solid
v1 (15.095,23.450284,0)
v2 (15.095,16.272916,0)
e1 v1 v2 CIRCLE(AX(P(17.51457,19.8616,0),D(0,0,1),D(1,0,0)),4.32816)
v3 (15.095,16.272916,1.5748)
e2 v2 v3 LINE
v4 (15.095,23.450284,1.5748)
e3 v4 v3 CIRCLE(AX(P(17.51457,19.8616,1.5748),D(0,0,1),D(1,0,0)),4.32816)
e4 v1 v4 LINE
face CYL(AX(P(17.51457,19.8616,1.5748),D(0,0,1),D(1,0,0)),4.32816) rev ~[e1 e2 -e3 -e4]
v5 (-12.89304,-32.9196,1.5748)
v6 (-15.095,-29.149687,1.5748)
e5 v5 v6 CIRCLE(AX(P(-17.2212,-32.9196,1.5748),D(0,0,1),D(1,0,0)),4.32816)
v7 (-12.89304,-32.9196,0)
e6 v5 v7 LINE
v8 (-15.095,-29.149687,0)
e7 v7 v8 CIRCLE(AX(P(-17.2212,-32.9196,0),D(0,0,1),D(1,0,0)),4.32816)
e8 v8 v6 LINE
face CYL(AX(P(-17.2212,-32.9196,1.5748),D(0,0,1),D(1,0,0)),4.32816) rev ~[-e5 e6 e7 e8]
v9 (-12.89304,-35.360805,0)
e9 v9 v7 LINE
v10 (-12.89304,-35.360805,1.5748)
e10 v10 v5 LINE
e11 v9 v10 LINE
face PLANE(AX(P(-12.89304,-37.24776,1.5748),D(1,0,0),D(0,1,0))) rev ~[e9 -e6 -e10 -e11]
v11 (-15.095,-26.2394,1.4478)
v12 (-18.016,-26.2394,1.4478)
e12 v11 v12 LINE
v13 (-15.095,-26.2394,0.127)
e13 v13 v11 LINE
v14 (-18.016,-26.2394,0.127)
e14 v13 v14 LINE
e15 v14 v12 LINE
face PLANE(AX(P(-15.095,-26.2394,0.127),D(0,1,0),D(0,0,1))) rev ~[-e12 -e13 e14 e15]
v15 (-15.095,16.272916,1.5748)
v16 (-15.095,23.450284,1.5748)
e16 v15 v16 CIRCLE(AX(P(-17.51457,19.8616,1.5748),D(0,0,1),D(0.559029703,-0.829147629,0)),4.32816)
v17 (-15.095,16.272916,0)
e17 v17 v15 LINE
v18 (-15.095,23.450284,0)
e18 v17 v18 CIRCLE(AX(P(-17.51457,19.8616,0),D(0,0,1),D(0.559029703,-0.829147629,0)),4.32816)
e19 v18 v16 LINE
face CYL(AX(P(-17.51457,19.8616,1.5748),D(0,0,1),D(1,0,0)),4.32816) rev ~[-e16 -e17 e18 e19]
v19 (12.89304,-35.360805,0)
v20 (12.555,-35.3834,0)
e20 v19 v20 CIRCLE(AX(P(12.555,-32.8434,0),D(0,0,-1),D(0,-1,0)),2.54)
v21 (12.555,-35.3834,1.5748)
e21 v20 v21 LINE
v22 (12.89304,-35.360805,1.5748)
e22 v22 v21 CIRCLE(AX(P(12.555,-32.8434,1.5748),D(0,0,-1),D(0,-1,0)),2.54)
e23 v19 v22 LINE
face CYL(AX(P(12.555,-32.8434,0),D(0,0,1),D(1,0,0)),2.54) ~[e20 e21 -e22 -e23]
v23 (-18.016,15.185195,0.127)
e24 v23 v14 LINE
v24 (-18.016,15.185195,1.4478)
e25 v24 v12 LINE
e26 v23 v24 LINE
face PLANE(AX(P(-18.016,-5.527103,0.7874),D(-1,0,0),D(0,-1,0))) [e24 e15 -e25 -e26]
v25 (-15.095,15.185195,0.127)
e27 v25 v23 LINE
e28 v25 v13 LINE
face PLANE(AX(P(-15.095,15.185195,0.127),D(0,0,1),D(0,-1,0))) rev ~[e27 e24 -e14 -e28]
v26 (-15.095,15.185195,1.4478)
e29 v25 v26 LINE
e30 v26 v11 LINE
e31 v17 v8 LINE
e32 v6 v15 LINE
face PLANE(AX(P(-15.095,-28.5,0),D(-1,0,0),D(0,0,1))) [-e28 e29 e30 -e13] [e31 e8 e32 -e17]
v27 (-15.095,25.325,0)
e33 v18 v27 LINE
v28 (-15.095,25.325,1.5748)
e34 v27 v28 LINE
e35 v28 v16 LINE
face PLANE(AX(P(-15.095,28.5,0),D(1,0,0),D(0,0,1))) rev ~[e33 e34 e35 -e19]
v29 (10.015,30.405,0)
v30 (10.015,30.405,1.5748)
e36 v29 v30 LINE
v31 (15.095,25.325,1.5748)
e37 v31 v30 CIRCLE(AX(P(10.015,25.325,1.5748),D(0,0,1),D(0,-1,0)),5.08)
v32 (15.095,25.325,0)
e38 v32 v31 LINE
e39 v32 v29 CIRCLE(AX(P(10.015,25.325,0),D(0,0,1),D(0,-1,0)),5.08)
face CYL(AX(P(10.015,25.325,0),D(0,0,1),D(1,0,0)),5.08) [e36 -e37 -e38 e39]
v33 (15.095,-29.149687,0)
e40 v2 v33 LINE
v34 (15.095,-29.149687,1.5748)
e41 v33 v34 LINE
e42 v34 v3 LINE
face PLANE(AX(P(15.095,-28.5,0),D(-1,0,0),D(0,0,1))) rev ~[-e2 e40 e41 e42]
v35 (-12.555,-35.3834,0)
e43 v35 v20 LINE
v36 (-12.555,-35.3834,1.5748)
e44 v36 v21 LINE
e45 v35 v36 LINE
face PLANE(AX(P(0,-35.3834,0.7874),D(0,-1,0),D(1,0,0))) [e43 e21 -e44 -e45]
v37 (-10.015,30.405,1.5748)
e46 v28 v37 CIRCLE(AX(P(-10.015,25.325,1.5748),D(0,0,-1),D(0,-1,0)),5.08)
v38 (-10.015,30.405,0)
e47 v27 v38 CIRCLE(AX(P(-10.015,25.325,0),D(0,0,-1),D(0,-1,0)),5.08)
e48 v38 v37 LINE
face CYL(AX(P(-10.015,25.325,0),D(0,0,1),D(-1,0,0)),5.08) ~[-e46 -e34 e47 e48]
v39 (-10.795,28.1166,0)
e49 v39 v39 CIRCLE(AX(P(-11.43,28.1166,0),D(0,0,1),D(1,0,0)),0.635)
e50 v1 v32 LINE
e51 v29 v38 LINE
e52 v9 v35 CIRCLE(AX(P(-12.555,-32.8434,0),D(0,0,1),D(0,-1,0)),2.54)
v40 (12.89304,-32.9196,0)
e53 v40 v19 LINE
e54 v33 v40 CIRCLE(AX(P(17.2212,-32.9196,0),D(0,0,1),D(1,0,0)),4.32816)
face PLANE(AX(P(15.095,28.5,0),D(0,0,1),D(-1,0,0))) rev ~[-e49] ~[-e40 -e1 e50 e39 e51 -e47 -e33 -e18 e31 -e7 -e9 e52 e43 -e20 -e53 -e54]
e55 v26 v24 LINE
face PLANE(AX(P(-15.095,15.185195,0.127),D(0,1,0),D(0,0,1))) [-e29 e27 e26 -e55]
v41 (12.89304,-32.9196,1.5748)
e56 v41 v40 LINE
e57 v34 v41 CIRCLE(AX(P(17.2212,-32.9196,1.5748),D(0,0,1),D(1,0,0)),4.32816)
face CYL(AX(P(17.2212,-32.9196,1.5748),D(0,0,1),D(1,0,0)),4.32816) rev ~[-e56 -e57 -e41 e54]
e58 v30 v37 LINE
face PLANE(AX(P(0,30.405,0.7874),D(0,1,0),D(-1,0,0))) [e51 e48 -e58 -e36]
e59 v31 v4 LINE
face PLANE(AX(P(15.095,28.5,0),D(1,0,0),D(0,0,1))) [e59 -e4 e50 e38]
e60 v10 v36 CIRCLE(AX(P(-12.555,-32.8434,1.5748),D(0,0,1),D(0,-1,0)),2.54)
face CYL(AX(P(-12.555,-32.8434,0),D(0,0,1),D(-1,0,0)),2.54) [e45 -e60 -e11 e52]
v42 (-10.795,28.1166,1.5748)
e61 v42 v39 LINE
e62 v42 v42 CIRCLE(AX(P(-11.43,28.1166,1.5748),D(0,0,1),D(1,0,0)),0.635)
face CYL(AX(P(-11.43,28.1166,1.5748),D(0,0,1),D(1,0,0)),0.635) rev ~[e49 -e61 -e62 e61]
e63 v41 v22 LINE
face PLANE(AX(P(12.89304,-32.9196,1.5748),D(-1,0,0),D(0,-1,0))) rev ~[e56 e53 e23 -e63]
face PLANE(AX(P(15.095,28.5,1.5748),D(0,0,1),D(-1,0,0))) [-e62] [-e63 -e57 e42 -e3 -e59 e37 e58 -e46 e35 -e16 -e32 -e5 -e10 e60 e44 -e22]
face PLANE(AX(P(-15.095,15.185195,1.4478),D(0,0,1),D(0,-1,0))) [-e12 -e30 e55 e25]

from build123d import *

# Parameters (mm, degrees)
F0_W      = 30.19
F0_H      = 57
F1_DEPTH  = 1.5748
F2_W      = 30.19
F2_H      = 1.5748
F3_DEPTH  = 6.8834
F4_R      = 2.54
F5_R      = 4.32816
F6_DEPTH  = 1.5758
F7_W      = 30.19
F7_H      = 1.5748
F8_DEPTH  = 1.905
F9_R      = 5.08
F10_R     = 0.635
F11_DEPTH = 25.4
F12_W     = 41.4245947965
F12_H     = 1.3208
F13_DEPTH = 2.921


with BuildPart() as f1:
    # F0 (on Top) → F1 (new body)
    with BuildSketch(Plane.XY):
        Rectangle(F0_W, F0_H)
    extrude(amount=F1_DEPTH)

    # F2 (on face) → F3 (join)
    with BuildSketch(Plane.XZ.offset(28.5)):
        with Locations((0, 0.7874)):
            Rectangle(F2_W, F2_H)
    extrude(amount=F3_DEPTH)

    # F4
    f4_edges = [f1.edges().sort_by_distance(p)[0] for p in [
        (15.095, -35.3834, 0.7874),
        (-15.095, -35.3834, 0.7874),
    ]]
    fillet(f4_edges, radius=F4_R)

    # F5 (on face) → F6 (cut, through all)
    with BuildSketch(Plane.XY.offset(1.5748)):
        with Locations((-17.51457, 19.8616)):
            Circle(F5_R)
        with Locations((17.51457, 19.8616)):
            Circle(F5_R)
        with BuildLine():
            Line((-17.2212, -32.9196), (-12.89304, -32.9196))
            ThreePointArc((-12.89304, -32.9196), (-20.2816712861, -29.8591287139), (-17.2212, -37.24776))
            Line((-17.2212, -37.24776), (-17.2212, -32.9196))
        make_face()
        with BuildLine():
            Line((-12.89304, -37.24776), (-12.89304, -32.9196))
            ThreePointArc((-12.89304, -32.9196), (-14.1607287139, -35.9800712861), (-17.2212, -37.24776))
            Line((-17.2212, -37.24776), (-12.89304, -37.24776))
        make_face()
        with BuildLine():
            ThreePointArc((-17.2212, -37.24776), (-14.1607287139, -35.9800712861), (-12.89304, -32.9196))
            Line((-12.89304, -32.9196), (-17.2212, -32.9196))
            Line((-17.2212, -32.9196), (-17.2212, -37.24776))
        make_face()
        with BuildLine():
            ThreePointArc((17.2212, -37.24776), (20.2816712861, -35.9800712861), (21.54936, -32.9196))
            ThreePointArc((21.54936, -32.9196), (17.2212, -28.59144), (12.89304, -32.9196))
            Line((12.89304, -32.9196), (17.2212, -32.9196))
            Line((17.2212, -32.9196), (17.2212, -37.24776))
        make_face()
        with BuildLine():
            Line((17.2212, -32.9196), (12.89304, -32.9196))
            ThreePointArc((12.89304, -32.9196), (14.1607287139, -35.9800712861), (17.2212, -37.24776))
            Line((17.2212, -37.24776), (17.2212, -32.9196))
        make_face()
        with BuildLine():
            ThreePointArc((17.2212, -37.24776), (14.1607287139, -35.9800712861), (12.89304, -32.9196))
            Line((12.89304, -32.9196), (12.89304, -37.24776))
            Line((12.89304, -37.24776), (17.2212, -37.24776))
        make_face()
    extrude(amount=-F6_DEPTH, mode=Mode.SUBTRACT)

    # F7 (on face) → F8 (join)
    with BuildSketch(Plane(origin=(0, 28.5, 0), x_dir=(-1, 0, 0), z_dir=(0, 1, 0))):
        with Locations((0, 0.7874)):
            Rectangle(F7_W, F7_H)
    extrude(amount=F8_DEPTH)

    # F9
    f9_edges = [f1.edges().sort_by_distance(p)[0] for p in [
        (-15.095, 30.405, 0.7874),
        (15.095, 30.405, 0.7874),
    ]]
    fillet(f9_edges, radius=F9_R)

    # F10 (on face) → F11 (cut)
    with BuildSketch(Plane.XY.offset(1.5748)):
        with Locations((-11.43, 28.1166)):
            Circle(F10_R)
    extrude(amount=-F11_DEPTH, mode=Mode.SUBTRACT)

    # F12 (on face) → F13 (join)
    with BuildSketch(Plane(origin=(-15.095, 0, 0), x_dir=(0, -1, 0), z_dir=(-1, 0, 0))):
        with Locations((5.5271026017, 0.7874)):
            Rectangle(F12_W, F12_H)
    extrude(amount=F13_DEPTH)


solid = f1.part
